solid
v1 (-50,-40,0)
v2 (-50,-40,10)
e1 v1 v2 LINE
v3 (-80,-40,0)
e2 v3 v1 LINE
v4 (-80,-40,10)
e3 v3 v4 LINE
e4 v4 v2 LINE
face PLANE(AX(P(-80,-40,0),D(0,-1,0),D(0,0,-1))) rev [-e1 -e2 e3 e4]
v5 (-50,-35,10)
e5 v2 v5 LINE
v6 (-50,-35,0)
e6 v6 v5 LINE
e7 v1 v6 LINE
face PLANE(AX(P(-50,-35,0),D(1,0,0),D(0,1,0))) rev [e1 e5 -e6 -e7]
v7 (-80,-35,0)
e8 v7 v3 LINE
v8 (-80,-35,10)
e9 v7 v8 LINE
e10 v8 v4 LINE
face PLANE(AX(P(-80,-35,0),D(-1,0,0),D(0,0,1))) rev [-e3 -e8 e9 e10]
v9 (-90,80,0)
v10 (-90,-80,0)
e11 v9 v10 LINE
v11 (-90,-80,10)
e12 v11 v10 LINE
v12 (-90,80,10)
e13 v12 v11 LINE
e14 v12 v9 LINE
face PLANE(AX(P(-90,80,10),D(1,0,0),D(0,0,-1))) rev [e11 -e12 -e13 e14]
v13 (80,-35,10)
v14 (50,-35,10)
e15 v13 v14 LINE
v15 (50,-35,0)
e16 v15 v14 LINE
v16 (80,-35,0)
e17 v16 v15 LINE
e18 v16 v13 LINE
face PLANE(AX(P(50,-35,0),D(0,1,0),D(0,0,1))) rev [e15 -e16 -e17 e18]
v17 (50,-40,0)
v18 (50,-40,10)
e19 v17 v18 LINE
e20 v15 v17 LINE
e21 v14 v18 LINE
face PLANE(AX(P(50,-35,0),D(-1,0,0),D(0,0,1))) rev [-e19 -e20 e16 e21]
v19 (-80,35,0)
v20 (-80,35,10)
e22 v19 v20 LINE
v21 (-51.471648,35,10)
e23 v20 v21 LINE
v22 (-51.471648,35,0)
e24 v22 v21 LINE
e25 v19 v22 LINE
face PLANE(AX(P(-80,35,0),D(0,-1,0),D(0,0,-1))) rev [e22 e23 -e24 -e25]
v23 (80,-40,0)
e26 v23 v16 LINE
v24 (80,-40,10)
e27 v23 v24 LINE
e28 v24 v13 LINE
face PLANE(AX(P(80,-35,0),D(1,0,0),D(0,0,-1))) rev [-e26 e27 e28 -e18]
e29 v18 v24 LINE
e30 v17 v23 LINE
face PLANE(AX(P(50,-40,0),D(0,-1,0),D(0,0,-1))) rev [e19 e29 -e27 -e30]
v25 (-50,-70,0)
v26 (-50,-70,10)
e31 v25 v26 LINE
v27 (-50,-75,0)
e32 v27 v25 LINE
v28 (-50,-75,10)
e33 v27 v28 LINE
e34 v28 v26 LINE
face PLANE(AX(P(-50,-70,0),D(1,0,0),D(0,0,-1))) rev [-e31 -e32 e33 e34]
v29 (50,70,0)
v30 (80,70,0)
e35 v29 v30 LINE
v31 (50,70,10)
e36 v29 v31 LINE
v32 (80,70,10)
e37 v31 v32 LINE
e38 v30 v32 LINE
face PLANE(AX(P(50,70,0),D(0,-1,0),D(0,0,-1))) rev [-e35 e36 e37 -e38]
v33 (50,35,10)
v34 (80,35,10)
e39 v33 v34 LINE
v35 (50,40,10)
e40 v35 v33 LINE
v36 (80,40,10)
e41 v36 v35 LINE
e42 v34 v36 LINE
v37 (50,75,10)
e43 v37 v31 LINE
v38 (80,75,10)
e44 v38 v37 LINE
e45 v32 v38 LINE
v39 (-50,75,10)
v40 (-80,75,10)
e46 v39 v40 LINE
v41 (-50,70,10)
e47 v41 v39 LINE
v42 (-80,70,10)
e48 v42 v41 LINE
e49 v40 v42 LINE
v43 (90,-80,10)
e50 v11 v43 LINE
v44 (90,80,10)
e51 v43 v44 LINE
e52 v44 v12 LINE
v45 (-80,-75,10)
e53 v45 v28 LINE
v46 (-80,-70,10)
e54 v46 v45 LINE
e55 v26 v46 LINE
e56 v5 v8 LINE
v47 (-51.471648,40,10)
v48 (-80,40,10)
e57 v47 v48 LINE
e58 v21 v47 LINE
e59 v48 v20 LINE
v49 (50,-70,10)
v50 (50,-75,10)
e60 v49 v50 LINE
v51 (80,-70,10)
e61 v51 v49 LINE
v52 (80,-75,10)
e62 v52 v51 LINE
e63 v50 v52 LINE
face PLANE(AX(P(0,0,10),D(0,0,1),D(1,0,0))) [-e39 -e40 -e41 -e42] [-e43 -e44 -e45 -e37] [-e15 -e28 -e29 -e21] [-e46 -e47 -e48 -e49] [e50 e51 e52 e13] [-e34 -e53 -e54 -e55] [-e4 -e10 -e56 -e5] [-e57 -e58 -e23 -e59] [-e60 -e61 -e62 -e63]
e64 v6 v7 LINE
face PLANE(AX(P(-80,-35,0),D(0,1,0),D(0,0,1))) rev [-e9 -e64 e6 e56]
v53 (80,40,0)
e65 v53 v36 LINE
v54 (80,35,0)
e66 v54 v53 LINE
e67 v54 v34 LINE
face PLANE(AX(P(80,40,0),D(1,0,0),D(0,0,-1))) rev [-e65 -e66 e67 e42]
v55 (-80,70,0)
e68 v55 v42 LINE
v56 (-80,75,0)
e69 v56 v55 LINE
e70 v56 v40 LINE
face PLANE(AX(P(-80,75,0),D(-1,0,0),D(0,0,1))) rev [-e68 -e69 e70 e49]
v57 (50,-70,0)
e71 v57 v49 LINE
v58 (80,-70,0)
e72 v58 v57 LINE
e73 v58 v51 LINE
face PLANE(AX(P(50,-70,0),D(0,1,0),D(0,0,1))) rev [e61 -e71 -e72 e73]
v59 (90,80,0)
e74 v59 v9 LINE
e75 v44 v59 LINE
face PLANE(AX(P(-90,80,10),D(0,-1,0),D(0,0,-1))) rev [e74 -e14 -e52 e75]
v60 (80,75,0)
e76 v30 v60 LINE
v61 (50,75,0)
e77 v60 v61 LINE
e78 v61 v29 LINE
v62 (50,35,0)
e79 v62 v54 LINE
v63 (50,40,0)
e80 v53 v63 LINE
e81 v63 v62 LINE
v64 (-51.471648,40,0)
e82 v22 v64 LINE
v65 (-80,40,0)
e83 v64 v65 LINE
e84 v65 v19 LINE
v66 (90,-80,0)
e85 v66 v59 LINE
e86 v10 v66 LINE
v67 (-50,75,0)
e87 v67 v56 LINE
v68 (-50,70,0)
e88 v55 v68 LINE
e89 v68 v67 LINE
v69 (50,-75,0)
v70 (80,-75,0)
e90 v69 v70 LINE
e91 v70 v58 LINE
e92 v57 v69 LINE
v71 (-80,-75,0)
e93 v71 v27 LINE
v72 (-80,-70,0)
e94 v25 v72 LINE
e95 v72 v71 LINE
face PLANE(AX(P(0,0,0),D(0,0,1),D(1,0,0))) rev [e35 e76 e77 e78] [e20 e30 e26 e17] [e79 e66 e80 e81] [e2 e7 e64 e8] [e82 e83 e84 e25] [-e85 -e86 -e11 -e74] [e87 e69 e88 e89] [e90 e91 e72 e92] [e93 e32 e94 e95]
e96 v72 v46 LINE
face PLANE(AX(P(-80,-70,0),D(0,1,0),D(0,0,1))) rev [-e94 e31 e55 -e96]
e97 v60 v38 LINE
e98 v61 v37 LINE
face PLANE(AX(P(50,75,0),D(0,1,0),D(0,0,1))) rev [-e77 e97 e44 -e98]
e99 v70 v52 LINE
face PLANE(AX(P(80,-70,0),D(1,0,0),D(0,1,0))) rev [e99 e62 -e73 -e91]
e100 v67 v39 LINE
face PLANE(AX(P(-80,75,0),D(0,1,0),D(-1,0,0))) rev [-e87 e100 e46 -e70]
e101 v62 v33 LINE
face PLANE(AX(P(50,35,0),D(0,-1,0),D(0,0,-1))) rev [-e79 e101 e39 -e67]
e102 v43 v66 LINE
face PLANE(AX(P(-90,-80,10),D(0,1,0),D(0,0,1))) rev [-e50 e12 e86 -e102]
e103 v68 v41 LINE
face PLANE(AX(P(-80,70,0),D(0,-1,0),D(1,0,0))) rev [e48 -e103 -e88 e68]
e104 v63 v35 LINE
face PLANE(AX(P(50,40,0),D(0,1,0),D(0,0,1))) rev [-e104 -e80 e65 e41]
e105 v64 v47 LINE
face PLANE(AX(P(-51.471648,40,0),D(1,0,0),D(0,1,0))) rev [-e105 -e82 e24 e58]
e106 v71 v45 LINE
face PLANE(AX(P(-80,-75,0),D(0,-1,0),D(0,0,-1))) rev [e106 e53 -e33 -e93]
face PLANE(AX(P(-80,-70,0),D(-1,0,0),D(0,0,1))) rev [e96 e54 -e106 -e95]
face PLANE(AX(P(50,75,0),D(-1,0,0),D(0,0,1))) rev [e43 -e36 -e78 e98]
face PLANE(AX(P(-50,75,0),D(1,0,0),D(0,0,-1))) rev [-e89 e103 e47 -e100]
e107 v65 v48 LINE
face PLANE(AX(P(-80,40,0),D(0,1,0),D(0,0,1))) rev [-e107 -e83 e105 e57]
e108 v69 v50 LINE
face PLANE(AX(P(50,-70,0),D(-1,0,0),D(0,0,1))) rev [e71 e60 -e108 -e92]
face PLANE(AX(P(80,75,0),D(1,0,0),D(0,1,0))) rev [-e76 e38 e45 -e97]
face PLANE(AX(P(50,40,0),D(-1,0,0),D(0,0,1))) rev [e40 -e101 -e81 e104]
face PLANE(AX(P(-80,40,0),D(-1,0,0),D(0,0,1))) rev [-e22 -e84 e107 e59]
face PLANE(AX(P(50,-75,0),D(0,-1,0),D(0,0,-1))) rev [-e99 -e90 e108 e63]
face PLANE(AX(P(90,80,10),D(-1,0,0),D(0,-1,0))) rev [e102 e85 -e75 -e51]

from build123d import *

# Parameters (mm, degrees)
SKETCH1_W           = 180
SKETCH1_H           = 160
BOSS_EXTRUDE1_DEPTH = 10
SKETCH2_W           = 30
SKETCH2_H           = 5
SKETCH2_W_2         = 28.52835194
CUT_EXTRUDE2_DEPTH  = 121.830459736


with BuildPart() as part:
    # Sketch1 → Boss-Extrude1 (new body)
    with BuildSketch(Plane.XY):
        Rectangle(SKETCH1_W, SKETCH1_H)
    extrude(amount=BOSS_EXTRUDE1_DEPTH)

    # Sketch2 → Cut-Extrude2 (cut, through all)
    with BuildSketch(Plane.XY.offset(10)):
        with Locations((-65, 72.5)):
            Rectangle(SKETCH2_W, SKETCH2_H)
        with Locations((65, 72.5)):
            Rectangle(SKETCH2_W, SKETCH2_H)
        with Locations((-65.73582403, 37.5)):
            Rectangle(SKETCH2_W_2, SKETCH2_H)
        with Locations((65, 37.5)):
            Rectangle(SKETCH2_W, SKETCH2_H)
        with Locations((-65, -37.5)):
            Rectangle(SKETCH2_W, SKETCH2_H)
        with Locations((65, -37.5)):
            Rectangle(SKETCH2_W, SKETCH2_H)
        with Locations((-65, -72.5)):
            Rectangle(SKETCH2_W, SKETCH2_H)
        with Locations((65, -72.5)):
            Rectangle(SKETCH2_W, SKETCH2_H)
    extrude(amount=-CUT_EXTRUDE2_DEPTH, mode=Mode.SUBTRACT)


solid = part.part
